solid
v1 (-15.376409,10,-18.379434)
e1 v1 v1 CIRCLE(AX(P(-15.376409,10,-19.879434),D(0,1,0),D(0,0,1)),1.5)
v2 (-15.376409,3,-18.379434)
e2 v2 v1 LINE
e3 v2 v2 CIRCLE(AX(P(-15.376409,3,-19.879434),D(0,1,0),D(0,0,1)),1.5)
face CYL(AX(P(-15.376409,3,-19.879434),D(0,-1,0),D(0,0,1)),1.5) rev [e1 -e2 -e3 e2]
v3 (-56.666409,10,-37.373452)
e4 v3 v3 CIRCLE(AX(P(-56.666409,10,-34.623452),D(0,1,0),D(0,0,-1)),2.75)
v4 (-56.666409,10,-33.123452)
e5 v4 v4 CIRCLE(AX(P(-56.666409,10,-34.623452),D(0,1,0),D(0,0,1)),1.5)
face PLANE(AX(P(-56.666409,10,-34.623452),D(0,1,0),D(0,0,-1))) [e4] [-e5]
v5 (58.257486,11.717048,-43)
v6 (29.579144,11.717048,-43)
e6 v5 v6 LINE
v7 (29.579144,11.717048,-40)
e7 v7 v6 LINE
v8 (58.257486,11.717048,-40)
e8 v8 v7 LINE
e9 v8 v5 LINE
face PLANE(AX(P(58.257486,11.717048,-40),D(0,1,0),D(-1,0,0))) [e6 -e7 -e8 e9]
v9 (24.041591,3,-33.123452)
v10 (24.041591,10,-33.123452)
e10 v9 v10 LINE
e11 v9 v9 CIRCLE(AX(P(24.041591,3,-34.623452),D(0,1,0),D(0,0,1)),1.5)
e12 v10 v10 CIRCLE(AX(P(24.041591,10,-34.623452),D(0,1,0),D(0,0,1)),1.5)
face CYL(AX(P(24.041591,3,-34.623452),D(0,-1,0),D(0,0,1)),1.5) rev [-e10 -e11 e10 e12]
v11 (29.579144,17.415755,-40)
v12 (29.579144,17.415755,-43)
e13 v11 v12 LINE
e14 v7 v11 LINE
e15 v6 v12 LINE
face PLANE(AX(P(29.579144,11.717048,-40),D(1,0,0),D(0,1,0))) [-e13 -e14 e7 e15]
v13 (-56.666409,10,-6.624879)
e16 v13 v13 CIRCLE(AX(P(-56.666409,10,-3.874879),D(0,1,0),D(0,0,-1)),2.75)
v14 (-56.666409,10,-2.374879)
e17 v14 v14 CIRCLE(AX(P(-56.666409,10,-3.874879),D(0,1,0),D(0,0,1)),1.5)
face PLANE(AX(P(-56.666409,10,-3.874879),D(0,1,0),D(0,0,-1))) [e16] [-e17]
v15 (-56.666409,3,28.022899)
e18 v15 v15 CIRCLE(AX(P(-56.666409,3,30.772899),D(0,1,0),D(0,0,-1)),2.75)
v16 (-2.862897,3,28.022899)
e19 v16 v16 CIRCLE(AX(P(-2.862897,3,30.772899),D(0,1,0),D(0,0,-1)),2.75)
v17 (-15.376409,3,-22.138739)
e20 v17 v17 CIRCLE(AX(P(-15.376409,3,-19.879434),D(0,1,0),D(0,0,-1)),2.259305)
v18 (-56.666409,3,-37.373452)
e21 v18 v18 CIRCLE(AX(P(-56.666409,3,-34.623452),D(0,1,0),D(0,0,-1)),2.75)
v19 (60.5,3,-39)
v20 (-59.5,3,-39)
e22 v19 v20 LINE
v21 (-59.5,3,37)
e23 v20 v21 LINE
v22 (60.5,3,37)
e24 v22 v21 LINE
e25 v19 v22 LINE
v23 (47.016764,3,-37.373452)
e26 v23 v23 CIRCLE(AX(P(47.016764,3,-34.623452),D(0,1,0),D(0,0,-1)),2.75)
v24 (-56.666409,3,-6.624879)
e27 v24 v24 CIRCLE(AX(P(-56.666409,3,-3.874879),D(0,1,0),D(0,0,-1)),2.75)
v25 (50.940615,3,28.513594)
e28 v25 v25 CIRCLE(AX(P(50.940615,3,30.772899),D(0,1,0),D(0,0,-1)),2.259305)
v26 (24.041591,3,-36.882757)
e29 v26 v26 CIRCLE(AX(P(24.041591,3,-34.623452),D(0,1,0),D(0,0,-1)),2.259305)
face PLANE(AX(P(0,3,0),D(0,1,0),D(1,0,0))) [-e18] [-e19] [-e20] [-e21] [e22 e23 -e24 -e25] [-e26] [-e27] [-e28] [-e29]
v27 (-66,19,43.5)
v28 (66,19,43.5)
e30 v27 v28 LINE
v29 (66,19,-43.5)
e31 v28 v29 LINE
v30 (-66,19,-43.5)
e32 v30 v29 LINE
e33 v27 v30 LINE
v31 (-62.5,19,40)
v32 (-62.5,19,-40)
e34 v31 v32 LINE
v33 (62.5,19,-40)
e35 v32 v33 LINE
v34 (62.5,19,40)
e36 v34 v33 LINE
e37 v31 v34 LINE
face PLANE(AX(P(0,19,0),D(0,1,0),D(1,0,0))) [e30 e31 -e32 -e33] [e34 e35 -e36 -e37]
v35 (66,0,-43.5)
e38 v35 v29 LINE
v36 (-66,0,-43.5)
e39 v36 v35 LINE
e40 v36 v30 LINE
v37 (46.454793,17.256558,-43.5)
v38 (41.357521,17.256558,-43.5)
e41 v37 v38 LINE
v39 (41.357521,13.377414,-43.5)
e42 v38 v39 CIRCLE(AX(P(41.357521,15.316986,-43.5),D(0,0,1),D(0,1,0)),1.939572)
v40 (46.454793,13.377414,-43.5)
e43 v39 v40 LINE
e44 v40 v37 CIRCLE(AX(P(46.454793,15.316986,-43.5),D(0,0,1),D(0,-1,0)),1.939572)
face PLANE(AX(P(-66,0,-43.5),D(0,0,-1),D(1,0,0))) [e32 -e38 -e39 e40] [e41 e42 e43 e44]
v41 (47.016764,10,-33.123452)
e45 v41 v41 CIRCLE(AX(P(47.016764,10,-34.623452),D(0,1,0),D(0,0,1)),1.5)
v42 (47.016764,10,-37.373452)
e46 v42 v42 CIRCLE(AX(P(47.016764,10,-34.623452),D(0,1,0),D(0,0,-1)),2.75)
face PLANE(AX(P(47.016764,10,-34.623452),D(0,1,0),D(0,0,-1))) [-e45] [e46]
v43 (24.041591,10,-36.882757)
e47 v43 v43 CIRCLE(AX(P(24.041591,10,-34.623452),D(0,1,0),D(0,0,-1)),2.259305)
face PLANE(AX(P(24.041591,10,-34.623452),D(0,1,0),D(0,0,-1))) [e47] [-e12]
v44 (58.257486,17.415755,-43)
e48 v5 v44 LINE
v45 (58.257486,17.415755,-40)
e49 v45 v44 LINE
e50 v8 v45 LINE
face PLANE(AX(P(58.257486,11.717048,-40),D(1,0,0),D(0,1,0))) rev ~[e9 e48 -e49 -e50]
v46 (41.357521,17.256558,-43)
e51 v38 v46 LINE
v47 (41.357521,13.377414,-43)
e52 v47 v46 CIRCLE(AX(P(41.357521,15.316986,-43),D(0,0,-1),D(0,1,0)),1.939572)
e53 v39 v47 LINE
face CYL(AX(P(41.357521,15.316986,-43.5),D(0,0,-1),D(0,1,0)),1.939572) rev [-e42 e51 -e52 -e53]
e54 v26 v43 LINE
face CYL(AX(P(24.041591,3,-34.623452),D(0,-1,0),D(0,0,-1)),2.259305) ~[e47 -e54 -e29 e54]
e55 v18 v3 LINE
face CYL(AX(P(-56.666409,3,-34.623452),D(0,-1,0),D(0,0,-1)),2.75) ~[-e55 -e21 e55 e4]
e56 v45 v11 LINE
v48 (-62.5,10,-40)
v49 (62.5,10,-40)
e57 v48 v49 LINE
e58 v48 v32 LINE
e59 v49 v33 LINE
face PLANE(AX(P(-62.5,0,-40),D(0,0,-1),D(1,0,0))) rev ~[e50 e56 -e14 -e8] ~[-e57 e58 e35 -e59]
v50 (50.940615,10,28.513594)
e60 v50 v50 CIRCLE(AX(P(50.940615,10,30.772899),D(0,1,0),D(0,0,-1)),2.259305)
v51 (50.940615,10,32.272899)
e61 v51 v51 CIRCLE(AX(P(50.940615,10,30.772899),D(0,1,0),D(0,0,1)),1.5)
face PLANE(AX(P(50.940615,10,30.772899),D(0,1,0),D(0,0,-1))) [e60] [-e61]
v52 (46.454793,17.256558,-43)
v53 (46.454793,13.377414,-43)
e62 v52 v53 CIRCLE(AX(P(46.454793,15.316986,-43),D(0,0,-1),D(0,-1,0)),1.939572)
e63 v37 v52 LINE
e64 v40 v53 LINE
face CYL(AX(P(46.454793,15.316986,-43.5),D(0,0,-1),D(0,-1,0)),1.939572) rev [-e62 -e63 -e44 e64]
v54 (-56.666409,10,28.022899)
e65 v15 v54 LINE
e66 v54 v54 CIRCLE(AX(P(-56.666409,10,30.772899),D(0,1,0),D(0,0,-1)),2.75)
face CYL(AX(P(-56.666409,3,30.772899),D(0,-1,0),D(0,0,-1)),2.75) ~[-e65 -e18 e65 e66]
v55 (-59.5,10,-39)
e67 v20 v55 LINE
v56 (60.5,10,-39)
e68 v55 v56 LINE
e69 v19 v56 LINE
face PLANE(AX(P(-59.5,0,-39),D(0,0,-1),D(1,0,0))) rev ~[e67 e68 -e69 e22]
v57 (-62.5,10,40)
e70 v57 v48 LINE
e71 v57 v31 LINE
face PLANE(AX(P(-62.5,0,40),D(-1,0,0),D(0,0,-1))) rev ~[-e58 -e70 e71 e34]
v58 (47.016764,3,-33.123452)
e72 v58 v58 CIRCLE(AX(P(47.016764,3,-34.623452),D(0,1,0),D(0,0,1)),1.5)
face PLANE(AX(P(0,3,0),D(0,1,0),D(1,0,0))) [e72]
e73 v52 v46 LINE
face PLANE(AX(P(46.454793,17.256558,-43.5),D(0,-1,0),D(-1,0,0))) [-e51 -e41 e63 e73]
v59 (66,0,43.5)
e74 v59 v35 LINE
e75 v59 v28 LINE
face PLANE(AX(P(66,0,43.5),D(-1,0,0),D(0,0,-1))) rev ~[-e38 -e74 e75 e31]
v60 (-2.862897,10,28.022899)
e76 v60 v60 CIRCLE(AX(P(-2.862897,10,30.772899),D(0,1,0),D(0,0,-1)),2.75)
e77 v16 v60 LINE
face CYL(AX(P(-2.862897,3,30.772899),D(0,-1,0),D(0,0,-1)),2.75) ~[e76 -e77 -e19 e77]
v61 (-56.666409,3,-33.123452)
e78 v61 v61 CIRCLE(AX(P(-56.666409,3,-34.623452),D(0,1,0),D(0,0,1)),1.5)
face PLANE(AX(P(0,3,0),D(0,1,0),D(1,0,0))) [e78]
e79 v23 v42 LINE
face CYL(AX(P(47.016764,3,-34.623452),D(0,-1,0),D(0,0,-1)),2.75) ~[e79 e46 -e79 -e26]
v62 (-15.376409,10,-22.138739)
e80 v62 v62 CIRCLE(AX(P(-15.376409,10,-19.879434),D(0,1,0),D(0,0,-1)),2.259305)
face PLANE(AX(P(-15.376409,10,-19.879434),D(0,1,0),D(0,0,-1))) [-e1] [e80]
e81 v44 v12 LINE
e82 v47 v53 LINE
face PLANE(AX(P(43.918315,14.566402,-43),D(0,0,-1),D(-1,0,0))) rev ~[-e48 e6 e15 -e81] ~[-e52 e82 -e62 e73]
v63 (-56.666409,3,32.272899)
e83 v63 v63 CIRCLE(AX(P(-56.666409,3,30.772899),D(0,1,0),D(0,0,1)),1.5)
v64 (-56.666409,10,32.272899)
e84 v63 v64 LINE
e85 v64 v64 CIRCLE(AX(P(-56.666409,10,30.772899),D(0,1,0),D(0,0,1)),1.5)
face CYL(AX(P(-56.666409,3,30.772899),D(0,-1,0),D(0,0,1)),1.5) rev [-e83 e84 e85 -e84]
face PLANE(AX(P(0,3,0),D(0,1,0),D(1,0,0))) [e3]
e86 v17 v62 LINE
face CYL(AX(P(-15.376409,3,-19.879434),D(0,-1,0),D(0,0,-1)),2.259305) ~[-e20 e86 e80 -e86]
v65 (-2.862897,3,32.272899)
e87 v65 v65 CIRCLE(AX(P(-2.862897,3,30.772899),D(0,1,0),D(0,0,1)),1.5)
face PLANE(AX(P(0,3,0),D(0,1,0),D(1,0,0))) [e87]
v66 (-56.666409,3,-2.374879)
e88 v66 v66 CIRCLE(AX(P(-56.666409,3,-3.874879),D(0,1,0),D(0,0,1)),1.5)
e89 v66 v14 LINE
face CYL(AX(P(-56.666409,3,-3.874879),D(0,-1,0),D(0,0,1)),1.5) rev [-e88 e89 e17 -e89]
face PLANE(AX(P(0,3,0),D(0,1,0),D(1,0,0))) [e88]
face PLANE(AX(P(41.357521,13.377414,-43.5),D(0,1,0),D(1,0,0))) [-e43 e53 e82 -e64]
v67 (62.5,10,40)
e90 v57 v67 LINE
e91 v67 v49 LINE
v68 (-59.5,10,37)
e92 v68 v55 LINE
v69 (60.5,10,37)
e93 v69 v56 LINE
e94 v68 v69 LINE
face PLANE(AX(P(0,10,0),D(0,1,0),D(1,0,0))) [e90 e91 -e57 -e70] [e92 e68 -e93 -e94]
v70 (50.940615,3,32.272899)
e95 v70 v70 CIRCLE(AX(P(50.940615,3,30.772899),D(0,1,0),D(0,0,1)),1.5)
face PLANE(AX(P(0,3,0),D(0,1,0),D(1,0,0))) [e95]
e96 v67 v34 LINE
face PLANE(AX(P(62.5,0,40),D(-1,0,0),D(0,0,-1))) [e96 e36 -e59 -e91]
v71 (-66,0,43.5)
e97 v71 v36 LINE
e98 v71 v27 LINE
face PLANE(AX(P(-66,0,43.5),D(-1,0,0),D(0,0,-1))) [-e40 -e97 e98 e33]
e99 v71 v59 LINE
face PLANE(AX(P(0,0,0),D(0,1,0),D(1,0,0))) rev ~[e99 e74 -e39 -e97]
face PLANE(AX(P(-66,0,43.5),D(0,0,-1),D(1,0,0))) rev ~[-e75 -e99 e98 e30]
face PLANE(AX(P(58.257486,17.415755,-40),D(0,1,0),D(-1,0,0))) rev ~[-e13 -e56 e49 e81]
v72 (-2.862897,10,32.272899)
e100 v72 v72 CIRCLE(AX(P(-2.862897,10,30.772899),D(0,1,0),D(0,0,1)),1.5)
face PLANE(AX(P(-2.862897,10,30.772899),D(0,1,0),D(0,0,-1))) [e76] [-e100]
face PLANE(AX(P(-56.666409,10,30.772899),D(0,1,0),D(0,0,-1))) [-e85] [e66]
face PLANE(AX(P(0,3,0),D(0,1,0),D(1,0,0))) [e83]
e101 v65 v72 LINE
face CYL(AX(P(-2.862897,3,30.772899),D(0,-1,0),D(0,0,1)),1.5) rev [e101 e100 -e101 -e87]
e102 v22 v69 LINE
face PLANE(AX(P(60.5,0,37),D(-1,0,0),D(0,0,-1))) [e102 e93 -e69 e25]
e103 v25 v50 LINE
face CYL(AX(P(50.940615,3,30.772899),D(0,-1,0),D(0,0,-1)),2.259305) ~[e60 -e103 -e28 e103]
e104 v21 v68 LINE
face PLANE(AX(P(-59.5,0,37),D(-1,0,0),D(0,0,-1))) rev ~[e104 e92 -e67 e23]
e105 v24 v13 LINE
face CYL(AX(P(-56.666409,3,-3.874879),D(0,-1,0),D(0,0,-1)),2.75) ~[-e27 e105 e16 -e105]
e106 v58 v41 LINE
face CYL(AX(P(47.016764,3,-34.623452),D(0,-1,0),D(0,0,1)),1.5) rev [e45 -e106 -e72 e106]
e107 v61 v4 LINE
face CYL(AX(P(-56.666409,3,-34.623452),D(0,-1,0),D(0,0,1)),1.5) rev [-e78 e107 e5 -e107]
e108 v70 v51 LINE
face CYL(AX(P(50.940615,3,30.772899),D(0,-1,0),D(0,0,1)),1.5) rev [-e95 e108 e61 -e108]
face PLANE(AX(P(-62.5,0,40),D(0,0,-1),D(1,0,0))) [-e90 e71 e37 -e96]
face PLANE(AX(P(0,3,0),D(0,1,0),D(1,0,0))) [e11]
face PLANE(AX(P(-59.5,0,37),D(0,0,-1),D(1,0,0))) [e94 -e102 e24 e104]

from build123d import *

# Parameters (mm, degrees)
SKETCH1_W           = 125
SKETCH1_H           = 80
BOSS_EXTRUDE1_DEPTH = 3
SKETCH1_3_W         = 132
SKETCH1_3_H         = 87
SKETCH1_3_W_2       = 125
SKETCH1_3_H_2       = 80
BOSS_EXTRUDE2_DEPTH = 19
SKETCH2_W           = 125
SKETCH2_H           = 80
SKETCH2_W_2         = 120
SKETCH2_H_2         = 76
BOSS_EXTRUDE3_DEPTH = 10
SKETCH3_W           = 28.6783421
SKETCH3_H           = 5.698707123
CUT_EXTRUDE1_DEPTH  = 3
CUT_EXTRUDE2_DEPTH  = 3
SKETCH5_R           = 2.75
SKETCH5_R_2         = 1.5
SKETCH5_R_3         = 2.259305414
BOSS_EXTRUDE4_DEPTH = 7


with BuildPart() as part:
    # Sketch1 → Boss-Extrude1 (new body)
    with BuildSketch(Plane(origin=(0, 0, 0), x_dir=(1, 0, 0), z_dir=(0, 1, 0))):
        Rectangle(SKETCH1_W, SKETCH1_H)
    extrude(amount=BOSS_EXTRUDE1_DEPTH)

    # Sketch1<3> → Boss-Extrude2 (add)
    with BuildSketch(Plane(origin=(0, 0, 0), x_dir=(1, 0, 0), z_dir=(0, 1, 0))):
        Rectangle(SKETCH1_3_W, SKETCH1_3_H)
        Rectangle(SKETCH1_3_W_2, SKETCH1_3_H_2, mode=Mode.SUBTRACT)
    extrude(amount=BOSS_EXTRUDE2_DEPTH)

    # Sketch2 → Boss-Extrude3 (add)
    with BuildSketch(Plane(origin=(0, 0, 0), x_dir=(1, 0, 0), z_dir=(0, 1, 0))):
        Rectangle(SKETCH2_W, SKETCH2_H)
        with Locations((0.5, 1)):
            Rectangle(SKETCH2_W_2, SKETCH2_H_2, mode=Mode.SUBTRACT)
    extrude(amount=BOSS_EXTRUDE3_DEPTH)

    # Sketch3 → Cut-Extrude1 (cut)
    with BuildSketch(Plane(origin=(0, 0, -40), x_dir=(-1, 0, 0), z_dir=(0, 0, -1))):
        with Locations((-43.918315426, 14.566401795)):
            Rectangle(SKETCH3_W, SKETCH3_H)
    extrude(amount=CUT_EXTRUDE1_DEPTH, mode=Mode.SUBTRACT)

    # Sketch4 → Cut-Extrude2 (cut)
    with BuildSketch(Plane(origin=(0, 0, -43.5), x_dir=(-1, 0, 0), z_dir=(0, 0, -1))):
        with BuildLine():
            Line((-46.454793207, 17.25655779), (-41.357520978, 17.25655779))
            ThreePointArc((-41.357520978, 17.25655779), (-39.417949113, 15.316985924), (-41.357520978, 13.377414059))
            Line((-41.357520978, 13.377414059), (-46.454793207, 13.377414059))
            ThreePointArc((-46.454793207, 13.377414059), (-48.394365073, 15.316985924), (-46.454793207, 17.25655779))
        make_face()
    extrude(amount=-CUT_EXTRUDE2_DEPTH, mode=Mode.SUBTRACT)

    # Sketch5 → Boss-Extrude4 (add)
    # profile 1 of 8: a face of its own
    with BuildSketch(Plane(origin=(0, 3, 0), x_dir=(1, 0, 0), z_dir=(0, 1, 0))):
        with Locations((-56.666408857, -30.772899219)):
            Circle(SKETCH5_R)
        with Locations((-56.666408857, -30.772899219)):
            Circle(SKETCH5_R_2, mode=Mode.SUBTRACT)
    # profile 2 of 8: a face of its own
    with BuildSketch(Plane(origin=(0, 3, 0), x_dir=(1, 0, 0), z_dir=(0, 1, 0))):
        with Locations((-56.666408857, 34.623451832)):
            Circle(SKETCH5_R)
        with Locations((-56.666408857, 34.623451832)):
            Circle(SKETCH5_R_2, mode=Mode.SUBTRACT)
    # profile 3 of 8: a face of its own
    with BuildSketch(Plane(origin=(0, 3, 0), x_dir=(1, 0, 0), z_dir=(0, 1, 0))):
        with Locations((-56.666408857, 3.874879483)):
            Circle(SKETCH5_R)
        with Locations((-56.666408857, 3.874879483)):
            Circle(SKETCH5_R_2, mode=Mode.SUBTRACT)
    # profile 4 of 8: a face of its own
    with BuildSketch(Plane(origin=(0, 3, 0), x_dir=(1, 0, 0), z_dir=(0, 1, 0))):
        with Locations((-15.376408857, 19.879433801)):
            Circle(SKETCH5_R_3)
        with Locations((-15.376408857, 19.879433801)):
            Circle(SKETCH5_R_2, mode=Mode.SUBTRACT)
    # profile 5 of 8: a face of its own
    with BuildSketch(Plane(origin=(0, 3, 0), x_dir=(1, 0, 0), z_dir=(0, 1, 0))):
        with Locations((24.041591143, 34.623451832)):
            Circle(SKETCH5_R_3)
        with Locations((24.041591143, 34.623451832)):
            Circle(SKETCH5_R_2, mode=Mode.SUBTRACT)
    # profile 6 of 8: a face of its own
    with BuildSketch(Plane(origin=(0, 3, 0), x_dir=(1, 0, 0), z_dir=(0, 1, 0))):
        with Locations((50.940615446, -30.772899219)):
            Circle(SKETCH5_R_3)
        with Locations((50.940615446, -30.772899219)):
            Circle(SKETCH5_R_2, mode=Mode.SUBTRACT)
    # profile 7 of 8: a face of its own
    with BuildSketch(Plane(origin=(0, 3, 0), x_dir=(1, 0, 0), z_dir=(0, 1, 0))):
        with Locations((-2.862896706, -30.772899219)):
            Circle(SKETCH5_R)
        with Locations((-2.862896706, -30.772899219)):
            Circle(SKETCH5_R_2, mode=Mode.SUBTRACT)
    # profile 8 of 8: a face of its own
    with BuildSketch(Plane(origin=(0, 3, 0), x_dir=(1, 0, 0), z_dir=(0, 1, 0))):
        with Locations((47.016763874, 34.623451832)):
            Circle(SKETCH5_R)
        with Locations((47.016763874, 34.623451832)):
            Circle(SKETCH5_R_2, mode=Mode.SUBTRACT)
    extrude(amount=BOSS_EXTRUDE4_DEPTH)


solid = part.part
